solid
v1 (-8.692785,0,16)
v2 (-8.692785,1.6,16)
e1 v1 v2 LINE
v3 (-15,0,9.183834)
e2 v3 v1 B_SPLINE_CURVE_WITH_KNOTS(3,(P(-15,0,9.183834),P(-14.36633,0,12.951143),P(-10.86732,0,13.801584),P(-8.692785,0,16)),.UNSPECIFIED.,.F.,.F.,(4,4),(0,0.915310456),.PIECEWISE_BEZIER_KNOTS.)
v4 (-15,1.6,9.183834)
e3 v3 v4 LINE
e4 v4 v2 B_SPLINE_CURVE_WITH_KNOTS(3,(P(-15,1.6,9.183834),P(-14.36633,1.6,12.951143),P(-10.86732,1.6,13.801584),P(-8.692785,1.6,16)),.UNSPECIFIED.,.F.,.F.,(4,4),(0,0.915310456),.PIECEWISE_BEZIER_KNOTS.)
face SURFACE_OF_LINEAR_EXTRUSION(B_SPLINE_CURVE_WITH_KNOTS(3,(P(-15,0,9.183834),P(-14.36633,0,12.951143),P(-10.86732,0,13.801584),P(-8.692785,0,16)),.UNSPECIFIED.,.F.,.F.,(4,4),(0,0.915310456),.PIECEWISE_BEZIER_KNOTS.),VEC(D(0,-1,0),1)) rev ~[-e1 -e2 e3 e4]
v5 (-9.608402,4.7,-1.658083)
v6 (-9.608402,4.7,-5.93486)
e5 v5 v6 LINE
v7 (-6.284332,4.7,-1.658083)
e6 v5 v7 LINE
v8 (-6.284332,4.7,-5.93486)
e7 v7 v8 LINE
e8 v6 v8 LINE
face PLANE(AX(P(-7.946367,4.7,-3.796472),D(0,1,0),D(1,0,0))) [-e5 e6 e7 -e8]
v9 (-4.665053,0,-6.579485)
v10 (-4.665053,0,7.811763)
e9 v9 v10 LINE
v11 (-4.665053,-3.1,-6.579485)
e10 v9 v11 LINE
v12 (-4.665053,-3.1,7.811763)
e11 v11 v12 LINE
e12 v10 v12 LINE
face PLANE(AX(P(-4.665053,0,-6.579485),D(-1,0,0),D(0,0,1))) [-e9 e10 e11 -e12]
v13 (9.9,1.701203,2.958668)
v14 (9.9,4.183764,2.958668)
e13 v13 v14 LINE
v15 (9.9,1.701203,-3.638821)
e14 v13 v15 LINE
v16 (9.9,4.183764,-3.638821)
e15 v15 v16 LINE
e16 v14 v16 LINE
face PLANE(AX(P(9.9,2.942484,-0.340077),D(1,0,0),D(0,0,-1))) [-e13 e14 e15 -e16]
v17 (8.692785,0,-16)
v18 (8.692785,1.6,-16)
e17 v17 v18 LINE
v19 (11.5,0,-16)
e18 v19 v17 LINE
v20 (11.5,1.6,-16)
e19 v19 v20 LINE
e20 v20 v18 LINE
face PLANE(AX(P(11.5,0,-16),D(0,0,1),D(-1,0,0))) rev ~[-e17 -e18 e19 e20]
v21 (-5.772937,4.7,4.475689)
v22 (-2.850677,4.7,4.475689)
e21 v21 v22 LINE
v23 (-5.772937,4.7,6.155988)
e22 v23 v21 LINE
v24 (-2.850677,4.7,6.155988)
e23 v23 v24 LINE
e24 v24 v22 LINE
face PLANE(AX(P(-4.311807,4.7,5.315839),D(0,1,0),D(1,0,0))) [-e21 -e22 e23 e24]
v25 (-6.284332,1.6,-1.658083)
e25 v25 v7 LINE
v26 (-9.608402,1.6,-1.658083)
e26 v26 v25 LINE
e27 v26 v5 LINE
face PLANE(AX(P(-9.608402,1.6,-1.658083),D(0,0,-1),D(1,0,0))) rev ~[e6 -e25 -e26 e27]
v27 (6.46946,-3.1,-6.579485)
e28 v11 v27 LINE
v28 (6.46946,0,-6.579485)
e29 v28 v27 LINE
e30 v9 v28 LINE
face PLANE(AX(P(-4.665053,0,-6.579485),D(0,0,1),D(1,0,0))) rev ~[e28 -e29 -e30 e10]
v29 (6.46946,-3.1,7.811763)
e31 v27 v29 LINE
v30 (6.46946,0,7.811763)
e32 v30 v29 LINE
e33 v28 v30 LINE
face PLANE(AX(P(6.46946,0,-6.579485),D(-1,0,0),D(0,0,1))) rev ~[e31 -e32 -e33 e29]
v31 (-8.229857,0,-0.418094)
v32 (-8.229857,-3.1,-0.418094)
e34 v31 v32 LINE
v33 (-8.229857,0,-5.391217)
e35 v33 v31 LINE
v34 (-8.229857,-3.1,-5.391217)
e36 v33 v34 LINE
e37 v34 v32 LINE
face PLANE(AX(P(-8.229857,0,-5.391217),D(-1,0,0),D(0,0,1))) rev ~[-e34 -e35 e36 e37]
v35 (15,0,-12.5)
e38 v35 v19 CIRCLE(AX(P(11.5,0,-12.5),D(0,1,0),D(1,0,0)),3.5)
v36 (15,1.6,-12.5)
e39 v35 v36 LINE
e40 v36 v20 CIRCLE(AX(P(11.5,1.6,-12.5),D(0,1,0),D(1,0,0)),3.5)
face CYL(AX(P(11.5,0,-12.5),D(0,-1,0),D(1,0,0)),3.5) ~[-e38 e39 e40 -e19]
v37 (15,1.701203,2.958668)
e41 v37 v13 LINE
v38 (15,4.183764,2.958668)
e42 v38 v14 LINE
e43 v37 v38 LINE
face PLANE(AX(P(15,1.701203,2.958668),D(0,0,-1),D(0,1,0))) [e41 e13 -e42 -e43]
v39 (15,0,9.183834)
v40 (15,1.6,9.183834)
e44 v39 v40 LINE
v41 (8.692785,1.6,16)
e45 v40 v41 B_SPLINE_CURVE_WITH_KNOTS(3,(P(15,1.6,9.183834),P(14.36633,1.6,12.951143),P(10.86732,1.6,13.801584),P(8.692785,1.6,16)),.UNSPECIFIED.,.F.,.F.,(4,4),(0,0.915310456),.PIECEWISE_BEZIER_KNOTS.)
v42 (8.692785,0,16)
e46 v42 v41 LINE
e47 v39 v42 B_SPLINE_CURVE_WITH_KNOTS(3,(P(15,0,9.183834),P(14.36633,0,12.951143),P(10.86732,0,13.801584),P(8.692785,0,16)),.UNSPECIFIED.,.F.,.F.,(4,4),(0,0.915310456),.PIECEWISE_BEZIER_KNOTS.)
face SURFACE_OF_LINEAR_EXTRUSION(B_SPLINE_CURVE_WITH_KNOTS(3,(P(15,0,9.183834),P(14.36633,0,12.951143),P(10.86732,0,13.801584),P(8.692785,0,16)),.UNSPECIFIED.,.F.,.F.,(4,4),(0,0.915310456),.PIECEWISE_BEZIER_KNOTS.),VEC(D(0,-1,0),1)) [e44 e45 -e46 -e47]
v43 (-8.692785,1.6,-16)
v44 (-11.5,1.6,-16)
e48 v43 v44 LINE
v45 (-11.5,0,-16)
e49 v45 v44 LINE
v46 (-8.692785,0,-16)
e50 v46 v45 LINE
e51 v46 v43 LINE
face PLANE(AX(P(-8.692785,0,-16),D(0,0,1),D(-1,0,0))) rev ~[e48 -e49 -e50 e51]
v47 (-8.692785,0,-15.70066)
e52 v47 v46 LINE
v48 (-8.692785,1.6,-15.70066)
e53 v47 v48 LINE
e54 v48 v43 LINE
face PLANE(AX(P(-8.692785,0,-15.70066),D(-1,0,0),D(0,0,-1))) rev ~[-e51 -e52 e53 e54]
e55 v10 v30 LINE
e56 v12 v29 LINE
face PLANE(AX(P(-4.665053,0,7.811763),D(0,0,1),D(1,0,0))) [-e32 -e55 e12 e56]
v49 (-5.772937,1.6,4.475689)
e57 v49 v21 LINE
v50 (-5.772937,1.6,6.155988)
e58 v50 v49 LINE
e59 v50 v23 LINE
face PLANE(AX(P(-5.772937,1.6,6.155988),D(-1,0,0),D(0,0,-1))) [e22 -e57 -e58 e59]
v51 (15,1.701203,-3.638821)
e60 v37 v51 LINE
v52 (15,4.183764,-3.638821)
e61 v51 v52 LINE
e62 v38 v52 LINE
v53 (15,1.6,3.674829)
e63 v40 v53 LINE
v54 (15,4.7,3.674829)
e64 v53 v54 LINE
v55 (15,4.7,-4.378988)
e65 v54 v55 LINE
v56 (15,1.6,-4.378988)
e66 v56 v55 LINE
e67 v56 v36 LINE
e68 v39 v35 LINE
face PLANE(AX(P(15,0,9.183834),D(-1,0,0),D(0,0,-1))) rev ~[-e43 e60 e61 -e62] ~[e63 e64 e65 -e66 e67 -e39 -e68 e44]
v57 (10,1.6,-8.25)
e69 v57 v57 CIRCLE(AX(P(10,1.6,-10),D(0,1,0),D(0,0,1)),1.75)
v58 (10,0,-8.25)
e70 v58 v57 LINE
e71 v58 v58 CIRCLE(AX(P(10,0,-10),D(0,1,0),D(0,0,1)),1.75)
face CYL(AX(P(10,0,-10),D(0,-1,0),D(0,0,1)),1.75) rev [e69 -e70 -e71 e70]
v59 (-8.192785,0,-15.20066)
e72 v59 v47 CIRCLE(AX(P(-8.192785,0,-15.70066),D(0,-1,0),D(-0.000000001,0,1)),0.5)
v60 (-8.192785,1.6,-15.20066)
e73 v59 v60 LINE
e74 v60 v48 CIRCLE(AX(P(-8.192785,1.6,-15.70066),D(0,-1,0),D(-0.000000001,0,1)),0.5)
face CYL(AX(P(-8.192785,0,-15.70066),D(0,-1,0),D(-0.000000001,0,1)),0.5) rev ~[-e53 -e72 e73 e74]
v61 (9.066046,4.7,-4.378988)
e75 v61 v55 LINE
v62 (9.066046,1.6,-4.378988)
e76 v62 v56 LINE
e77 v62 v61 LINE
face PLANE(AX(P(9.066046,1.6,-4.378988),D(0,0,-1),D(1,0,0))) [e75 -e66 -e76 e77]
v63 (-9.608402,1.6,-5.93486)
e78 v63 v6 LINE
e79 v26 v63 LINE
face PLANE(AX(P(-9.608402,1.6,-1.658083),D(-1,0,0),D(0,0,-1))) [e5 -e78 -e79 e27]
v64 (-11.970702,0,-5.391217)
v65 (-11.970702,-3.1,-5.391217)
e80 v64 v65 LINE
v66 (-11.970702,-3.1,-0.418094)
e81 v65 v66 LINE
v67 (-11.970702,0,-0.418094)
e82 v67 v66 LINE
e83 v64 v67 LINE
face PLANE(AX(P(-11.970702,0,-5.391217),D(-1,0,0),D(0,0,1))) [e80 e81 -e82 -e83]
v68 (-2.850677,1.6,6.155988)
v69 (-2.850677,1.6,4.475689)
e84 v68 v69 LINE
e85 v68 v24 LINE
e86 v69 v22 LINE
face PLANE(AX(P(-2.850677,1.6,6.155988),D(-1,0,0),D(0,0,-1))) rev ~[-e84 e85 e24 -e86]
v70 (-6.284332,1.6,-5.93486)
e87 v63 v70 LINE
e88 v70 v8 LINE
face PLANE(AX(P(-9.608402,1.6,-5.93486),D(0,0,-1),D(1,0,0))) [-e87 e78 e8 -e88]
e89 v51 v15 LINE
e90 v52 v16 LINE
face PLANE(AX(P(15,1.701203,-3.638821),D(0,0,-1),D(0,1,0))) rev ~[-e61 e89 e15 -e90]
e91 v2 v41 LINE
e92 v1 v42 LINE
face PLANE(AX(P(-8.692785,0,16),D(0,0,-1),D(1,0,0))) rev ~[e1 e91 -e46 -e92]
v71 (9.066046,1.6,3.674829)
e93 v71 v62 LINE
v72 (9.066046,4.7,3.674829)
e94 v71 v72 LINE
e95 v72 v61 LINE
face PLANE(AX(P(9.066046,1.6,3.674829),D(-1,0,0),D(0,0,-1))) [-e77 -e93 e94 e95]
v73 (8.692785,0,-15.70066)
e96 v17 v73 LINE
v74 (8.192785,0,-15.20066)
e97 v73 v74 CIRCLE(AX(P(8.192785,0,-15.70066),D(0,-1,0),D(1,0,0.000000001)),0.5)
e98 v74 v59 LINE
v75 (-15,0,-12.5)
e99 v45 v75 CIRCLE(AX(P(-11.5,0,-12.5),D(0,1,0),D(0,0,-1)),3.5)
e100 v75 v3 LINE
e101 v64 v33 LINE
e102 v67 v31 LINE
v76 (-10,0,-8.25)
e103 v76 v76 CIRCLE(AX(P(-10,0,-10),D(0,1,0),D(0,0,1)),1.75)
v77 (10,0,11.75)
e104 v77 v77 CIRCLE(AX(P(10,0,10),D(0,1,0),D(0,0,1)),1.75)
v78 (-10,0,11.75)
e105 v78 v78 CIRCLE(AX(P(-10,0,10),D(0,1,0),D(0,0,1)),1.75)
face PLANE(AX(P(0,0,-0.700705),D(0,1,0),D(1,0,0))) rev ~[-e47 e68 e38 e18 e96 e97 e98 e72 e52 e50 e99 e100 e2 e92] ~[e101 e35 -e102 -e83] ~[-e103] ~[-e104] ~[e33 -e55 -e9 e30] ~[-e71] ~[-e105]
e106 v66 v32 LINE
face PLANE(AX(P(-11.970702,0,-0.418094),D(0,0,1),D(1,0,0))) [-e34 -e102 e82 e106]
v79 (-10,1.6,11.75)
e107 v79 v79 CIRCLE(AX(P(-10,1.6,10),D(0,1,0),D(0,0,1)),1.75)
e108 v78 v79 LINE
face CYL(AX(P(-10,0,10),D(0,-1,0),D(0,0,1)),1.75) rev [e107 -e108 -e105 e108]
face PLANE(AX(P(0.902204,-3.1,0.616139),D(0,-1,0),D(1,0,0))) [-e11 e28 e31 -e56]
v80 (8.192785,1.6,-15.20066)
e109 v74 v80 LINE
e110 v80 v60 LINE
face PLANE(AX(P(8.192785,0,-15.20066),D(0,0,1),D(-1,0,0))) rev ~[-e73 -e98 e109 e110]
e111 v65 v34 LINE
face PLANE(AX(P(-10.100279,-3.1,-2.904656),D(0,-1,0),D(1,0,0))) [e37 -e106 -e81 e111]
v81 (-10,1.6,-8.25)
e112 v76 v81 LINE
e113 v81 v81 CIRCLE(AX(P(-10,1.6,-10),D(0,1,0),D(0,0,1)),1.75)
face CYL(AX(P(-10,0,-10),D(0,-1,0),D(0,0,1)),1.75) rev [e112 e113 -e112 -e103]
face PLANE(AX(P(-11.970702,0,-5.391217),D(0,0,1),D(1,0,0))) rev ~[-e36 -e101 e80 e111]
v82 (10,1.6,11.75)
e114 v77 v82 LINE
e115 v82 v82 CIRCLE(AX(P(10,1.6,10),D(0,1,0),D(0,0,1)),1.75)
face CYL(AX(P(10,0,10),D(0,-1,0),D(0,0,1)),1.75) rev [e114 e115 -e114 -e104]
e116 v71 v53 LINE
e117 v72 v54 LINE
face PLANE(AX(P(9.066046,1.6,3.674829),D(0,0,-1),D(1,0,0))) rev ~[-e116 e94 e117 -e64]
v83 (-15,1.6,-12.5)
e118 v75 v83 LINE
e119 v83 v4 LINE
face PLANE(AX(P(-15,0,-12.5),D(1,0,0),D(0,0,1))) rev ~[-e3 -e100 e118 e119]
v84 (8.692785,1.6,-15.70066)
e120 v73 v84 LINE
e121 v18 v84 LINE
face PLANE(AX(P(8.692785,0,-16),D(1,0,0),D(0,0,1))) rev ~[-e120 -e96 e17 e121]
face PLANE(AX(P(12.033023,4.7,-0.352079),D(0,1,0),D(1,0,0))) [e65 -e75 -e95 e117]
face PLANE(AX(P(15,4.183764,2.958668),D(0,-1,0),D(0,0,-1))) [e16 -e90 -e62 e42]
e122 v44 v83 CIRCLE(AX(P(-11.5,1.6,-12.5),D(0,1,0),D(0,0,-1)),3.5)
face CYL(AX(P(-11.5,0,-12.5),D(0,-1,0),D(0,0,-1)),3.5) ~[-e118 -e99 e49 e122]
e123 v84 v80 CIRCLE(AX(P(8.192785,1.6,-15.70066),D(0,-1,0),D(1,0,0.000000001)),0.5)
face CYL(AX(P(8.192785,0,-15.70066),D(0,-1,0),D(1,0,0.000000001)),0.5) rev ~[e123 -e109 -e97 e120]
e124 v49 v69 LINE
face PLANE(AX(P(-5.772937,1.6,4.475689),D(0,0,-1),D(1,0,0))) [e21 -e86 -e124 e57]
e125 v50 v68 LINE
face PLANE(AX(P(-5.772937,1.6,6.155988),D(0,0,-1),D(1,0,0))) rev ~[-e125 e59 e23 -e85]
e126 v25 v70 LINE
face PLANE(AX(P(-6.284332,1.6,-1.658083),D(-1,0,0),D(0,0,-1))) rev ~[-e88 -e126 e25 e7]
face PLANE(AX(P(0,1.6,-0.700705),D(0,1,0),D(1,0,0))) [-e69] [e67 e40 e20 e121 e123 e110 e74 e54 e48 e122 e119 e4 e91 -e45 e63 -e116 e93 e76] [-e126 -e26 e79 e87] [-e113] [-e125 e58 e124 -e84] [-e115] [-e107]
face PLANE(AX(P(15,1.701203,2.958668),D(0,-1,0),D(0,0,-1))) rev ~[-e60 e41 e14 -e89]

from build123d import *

# Parameters (mm, degrees)
SKETCH1_R           = 1.75
BOSS_EXTRUDE1_DEPTH = 1.6
SKETCH2_W           = 5.933953942
SKETCH2_H           = 8.053817615
SKETCH2_W_2         = 3.324070188
SKETCH2_H_2         = 4.276777171
SKETCH2_W_3         = 2.922259506
SKETCH2_H_3         = 1.680299216
BOSS_EXTRUDE2_DEPTH = 3.1
SKETCH3_W           = 3.740844247
SKETCH3_H           = 4.973122352
SKETCH3_W_2         = 11.134512877
SKETCH3_H_2         = 14.391247869
BOSS_EXTRUDE3_DEPTH = 3.1
SKETCH4_W           = 6.597488945
SKETCH4_H           = 2.482560273
CUT_EXTRUDE1_DEPTH  = 5.1


with BuildPart() as part:
    # Sketch1 → Boss-Extrude1 (new body)
    with BuildSketch(Plane(origin=(0, 0, 0), x_dir=(1, 0, 0), z_dir=(0, 1, 0))):
        with BuildLine():
            Line((-8.692785485, -16), (8.692785485, -16))
            add(Edge.make_bspline(
                [(15, -9.18383354), (14.366330033, -12.951143486), (10.86731964, -13.80158376), (8.692785485, -16)],
                knots=[0, 0, 0, 0, 0.915310456, 0.915310456, 0.915310456, 0.915310456], degree=3))
            Line((15, -9.18383354), (15, 12.5))
            ThreePointArc((15, 12.5), (13.974873734, 14.974873734), (11.5, 16))
            Line((11.5, 16), (8.692785485, 16))
            Line((8.692785485, 16), (8.692785485, 15.700659593))
            ThreePointArc((8.692785485, 15.700659593), (8.546338876, 15.347106203), (8.192785485, 15.200659593))
            Line((8.192785485, 15.200659593), (-8.192785485, 15.200659593))
            ThreePointArc((-8.192785485, 15.200659593), (-8.546338876, 15.347106203), (-8.692785485, 15.700659593))
            Line((-8.692785485, 15.700659593), (-8.692785485, 16))
            Line((-8.692785485, 16), (-11.5, 16))
            ThreePointArc((-11.5, 16), (-13.974873734, 14.974873734), (-15, 12.5))
            Line((-15, 12.5), (-15, -9.18383354))
            add(Edge.make_bspline(
                [(-15, -9.18383354), (-14.366330033, -12.951143486), (-10.86731964, -13.80158376), (-8.692785485, -16)],
                knots=[0, 0, 0, 0, 0.915310456, 0.915310456, 0.915310456, 0.915310456], degree=3))
        make_face()
        with Locations(Location((-10, 10, 0), (0, 0, 270))):
            Circle(SKETCH1_R, mode=Mode.SUBTRACT)
        with Locations(Location((10, 10, 0), (0, 0, 270))):
            Circle(SKETCH1_R, mode=Mode.SUBTRACT)
        with Locations(Location((10, -10, 0), (0, 0, 270))):
            Circle(SKETCH1_R, mode=Mode.SUBTRACT)
        with Locations(Location((-10, -10, 0), (0, 0, 270))):
            Circle(SKETCH1_R, mode=Mode.SUBTRACT)
    extrude(amount=BOSS_EXTRUDE1_DEPTH)

    # Sketch2 → Boss-Extrude2 (add)
    with BuildSketch(Plane(origin=(0, 1.6, 0), x_dir=(1, 0, 0), z_dir=(0, 1, 0))):
        with Locations((12.033023029, 0.352079458)):
            Rectangle(SKETCH2_W, SKETCH2_H)
        with Locations((-7.946367365, 3.796471816)):
            Rectangle(SKETCH2_W_2, SKETCH2_H_2)
        with Locations((-4.311807104, -5.315838698)):
            Rectangle(SKETCH2_W_3, SKETCH2_H_3)
    extrude(amount=BOSS_EXTRUDE2_DEPTH)

    # Sketch3 → Boss-Extrude3 (add)
    with BuildSketch(Plane.XZ):
        with Locations((-10.100279468, -2.904655533)):
            Rectangle(SKETCH3_W, SKETCH3_H)
        with Locations((0.902203613, 0.616139053)):
            Rectangle(SKETCH3_W_2, SKETCH3_H_2)
    extrude(amount=BOSS_EXTRUDE3_DEPTH)

    # Sketch4 → Cut-Extrude1 (cut)
    with BuildSketch(Plane(origin=(15, 0, 0), x_dir=(0, 0, -1), z_dir=(1, 0, 0))):
        with Locations((0.34007675, 2.942483523)):
            Rectangle(SKETCH4_W, SKETCH4_H)
    extrude(amount=-CUT_EXTRUDE1_DEPTH, mode=Mode.SUBTRACT)


solid = part.part
